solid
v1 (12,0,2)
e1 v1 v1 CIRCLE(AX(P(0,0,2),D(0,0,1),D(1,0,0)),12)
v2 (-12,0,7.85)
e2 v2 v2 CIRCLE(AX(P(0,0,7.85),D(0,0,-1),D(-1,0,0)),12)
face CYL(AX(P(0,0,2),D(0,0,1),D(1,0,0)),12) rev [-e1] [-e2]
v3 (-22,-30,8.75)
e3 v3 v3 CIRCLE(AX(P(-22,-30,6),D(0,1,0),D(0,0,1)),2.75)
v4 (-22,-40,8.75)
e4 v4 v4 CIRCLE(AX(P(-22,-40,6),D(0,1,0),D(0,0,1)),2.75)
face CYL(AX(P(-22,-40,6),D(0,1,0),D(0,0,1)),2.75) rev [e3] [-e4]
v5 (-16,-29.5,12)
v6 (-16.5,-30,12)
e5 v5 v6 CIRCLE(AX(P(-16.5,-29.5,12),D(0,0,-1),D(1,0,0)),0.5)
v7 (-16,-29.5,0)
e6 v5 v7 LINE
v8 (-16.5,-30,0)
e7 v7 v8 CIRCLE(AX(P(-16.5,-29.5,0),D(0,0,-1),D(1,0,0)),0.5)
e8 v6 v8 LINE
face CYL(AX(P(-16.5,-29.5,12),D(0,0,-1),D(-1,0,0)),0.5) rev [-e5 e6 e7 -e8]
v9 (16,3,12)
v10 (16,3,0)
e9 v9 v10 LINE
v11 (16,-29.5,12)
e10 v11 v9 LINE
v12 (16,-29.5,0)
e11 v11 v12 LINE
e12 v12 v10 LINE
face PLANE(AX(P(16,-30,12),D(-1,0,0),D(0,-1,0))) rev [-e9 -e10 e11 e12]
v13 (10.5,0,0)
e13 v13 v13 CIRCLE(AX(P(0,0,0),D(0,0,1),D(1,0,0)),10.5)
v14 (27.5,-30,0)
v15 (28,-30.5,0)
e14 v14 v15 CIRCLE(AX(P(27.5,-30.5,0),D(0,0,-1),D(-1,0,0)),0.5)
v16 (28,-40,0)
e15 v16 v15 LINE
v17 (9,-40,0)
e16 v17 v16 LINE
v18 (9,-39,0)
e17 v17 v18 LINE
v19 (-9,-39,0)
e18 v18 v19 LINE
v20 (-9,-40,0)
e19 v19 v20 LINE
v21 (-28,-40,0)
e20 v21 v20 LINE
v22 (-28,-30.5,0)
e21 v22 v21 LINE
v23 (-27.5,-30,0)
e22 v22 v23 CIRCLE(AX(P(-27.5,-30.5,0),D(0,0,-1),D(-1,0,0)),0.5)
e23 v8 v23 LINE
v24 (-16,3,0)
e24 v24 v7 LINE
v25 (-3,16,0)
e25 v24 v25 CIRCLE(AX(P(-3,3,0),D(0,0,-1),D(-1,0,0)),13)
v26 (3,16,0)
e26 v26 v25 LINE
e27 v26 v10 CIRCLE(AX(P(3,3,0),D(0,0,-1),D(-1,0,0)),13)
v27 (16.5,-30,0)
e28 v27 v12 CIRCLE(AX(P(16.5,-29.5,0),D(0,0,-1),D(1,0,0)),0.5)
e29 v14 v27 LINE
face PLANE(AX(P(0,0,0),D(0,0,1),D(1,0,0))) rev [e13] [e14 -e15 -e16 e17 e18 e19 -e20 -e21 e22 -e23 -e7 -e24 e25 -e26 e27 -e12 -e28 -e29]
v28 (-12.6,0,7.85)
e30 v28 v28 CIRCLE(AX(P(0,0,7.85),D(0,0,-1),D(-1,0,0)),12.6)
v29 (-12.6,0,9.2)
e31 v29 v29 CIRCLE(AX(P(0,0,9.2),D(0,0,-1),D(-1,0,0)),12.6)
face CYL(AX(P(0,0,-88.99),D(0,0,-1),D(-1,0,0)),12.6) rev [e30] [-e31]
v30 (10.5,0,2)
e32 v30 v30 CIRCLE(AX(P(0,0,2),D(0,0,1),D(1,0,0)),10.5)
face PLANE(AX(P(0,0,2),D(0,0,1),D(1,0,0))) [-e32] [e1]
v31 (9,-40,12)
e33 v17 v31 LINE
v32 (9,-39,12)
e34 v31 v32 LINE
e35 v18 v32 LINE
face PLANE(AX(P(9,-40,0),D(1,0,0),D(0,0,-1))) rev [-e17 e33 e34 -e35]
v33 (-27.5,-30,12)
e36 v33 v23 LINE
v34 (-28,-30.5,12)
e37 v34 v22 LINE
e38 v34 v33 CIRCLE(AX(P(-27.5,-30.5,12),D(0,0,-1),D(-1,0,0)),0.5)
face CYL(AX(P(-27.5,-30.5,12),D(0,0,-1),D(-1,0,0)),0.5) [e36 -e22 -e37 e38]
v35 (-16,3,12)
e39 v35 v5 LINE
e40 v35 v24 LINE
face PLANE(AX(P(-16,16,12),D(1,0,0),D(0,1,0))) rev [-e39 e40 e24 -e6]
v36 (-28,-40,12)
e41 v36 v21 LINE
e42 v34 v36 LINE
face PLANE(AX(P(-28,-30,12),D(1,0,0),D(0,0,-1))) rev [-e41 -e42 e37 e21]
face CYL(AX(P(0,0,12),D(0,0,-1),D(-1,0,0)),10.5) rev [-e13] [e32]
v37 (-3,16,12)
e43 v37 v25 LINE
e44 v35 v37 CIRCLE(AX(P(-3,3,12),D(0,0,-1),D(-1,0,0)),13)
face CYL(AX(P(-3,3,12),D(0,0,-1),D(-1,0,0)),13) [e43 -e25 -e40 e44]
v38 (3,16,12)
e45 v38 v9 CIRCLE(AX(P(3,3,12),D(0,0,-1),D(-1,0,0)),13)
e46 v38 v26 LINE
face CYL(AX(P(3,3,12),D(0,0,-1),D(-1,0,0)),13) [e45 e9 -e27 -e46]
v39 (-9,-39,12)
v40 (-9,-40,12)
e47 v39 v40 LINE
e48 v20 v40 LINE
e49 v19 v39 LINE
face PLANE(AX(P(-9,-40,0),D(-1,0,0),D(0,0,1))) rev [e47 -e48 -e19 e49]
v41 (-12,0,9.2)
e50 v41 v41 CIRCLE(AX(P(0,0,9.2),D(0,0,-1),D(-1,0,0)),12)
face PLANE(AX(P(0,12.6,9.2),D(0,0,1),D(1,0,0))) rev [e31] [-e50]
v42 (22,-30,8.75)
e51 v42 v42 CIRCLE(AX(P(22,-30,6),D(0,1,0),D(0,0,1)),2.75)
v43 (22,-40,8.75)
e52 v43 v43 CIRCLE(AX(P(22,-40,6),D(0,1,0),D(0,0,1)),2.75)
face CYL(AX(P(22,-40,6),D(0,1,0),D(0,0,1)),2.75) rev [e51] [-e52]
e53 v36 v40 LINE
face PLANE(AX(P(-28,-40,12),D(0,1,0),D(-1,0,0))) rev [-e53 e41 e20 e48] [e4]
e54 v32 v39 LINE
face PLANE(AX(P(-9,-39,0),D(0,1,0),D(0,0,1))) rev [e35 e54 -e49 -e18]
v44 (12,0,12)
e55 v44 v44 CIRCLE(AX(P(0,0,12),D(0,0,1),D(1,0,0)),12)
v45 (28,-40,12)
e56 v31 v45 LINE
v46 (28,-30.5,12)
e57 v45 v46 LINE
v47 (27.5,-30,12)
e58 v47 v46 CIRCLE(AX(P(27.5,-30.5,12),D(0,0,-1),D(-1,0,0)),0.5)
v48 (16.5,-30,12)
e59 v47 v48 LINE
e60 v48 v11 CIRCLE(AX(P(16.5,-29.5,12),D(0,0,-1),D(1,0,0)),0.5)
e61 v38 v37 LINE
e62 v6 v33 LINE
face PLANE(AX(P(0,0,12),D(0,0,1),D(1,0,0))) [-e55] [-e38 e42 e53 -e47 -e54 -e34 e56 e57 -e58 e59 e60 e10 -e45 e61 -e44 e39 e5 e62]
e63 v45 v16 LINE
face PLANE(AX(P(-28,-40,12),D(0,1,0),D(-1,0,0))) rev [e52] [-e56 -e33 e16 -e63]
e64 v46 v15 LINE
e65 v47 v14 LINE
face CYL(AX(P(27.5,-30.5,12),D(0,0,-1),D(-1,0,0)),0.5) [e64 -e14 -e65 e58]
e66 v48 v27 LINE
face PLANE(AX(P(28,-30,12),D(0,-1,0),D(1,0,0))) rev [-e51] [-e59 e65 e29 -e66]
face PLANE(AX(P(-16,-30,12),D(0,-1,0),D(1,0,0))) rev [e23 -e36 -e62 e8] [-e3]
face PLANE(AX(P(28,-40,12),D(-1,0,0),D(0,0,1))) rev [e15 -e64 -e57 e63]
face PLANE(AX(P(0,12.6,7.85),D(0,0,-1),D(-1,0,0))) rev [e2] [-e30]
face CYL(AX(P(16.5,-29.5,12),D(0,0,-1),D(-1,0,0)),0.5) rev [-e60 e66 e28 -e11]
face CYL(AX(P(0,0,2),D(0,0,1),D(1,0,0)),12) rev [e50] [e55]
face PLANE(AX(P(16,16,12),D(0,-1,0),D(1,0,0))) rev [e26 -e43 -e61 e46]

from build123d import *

# Parameters (mm, degrees)
SKETCH1_R           = 10.5
BOSS_EXTRUDE1_DEPTH = 12
CUT_EXTRUDE1_DEPTH  = 13
BOSS_EXTRUDE2_DEPTH = 12
CUT_EXTRUDE2_DEPTH  = 13
SKETCH5_R           = 2.75
CUT_EXTRUDE3_DEPTH  = 11
SKETCH7_R           = 12
CUT_EXTRUDE4_DEPTH  = 10
SKETCH10_W          = 18
SKETCH10_H          = 1
CUT_EXTRUDE5_DEPTH  = 13
SKETCH11_W          = 1.35
SKETCH11_H          = 0.6


with BuildPart() as part:
    # Sketch1 → Boss-Extrude1 (new body)
    with BuildSketch(Plane.XY):
        Polygon((-28, -40), (28, -40), (28, -30), (16, -30), (16, 16), (-16, 16), (-16, -30), (-28, -30), align=None)
        Circle(SKETCH1_R, mode=Mode.SUBTRACT)
    extrude(amount=BOSS_EXTRUDE1_DEPTH)

    # Sketch2 → Cut-Extrude1 (cut, through all)
    with BuildSketch(Plane.XY):
        with BuildLine():
            Line((3, 16), (16, 16))
            Line((16, 16), (16, 3))
            ThreePointArc((16, 3), (12.192388155, 12.192388155), (3, 16))
        make_face()
        with BuildLine():
            Line((-3, 16), (-16, 16))
            Line((-16, 16), (-16, 3))
            ThreePointArc((-16, 3), (-12.192388155, 12.192388155), (-3, 16))
        make_face()
    extrude(amount=CUT_EXTRUDE1_DEPTH, mode=Mode.SUBTRACT)

    # Sketch3 → Boss-Extrude2 (add, through all)
    with BuildSketch(Plane.XY):
        with BuildLine():
            Line((16, -29.5), (16, -30))
            Line((16, -30), (16.5, -30))
            ThreePointArc((16.5, -30), (16.146446609, -29.853553391), (16, -29.5))
        make_face()
        with BuildLine():
            Line((-16, -29.5), (-16, -30))
            Line((-16, -30), (-16.5, -30))
            ThreePointArc((-16.5, -30), (-16.146446609, -29.853553391), (-16, -29.5))
        make_face()
    extrude(amount=BOSS_EXTRUDE2_DEPTH)

    # Sketch4 → Cut-Extrude2 (cut, through all)
    with BuildSketch(Plane.XY):
        with BuildLine():
            Line((-27.5, -30), (-28, -30))
            Line((-28, -30), (-28, -30.5))
            ThreePointArc((-28, -30.5), (-27.853553391, -30.146446609), (-27.5, -30))
        make_face()
        with BuildLine():
            Line((27.5, -30), (28, -30))
            Line((28, -30), (28, -30.5))
            ThreePointArc((28, -30.5), (27.853553391, -30.146446609), (27.5, -30))
        make_face()
    extrude(amount=CUT_EXTRUDE2_DEPTH, mode=Mode.SUBTRACT)

    # Sketch5 → Cut-Extrude3 (cut, through all)
    with BuildSketch(Plane(origin=(0, -30, 0), x_dir=(1, 0, 0), z_dir=(0, 1, 0))):
        with Locations((-22, -6)):
            Circle(SKETCH5_R)
        with Locations((22, -6)):
            Circle(SKETCH5_R)
    extrude(amount=-CUT_EXTRUDE3_DEPTH, mode=Mode.SUBTRACT)

    # Sketch7 → Cut-Extrude4 (cut)
    with BuildSketch(Plane.XY.offset(12)):
        Circle(SKETCH7_R)
    extrude(amount=-CUT_EXTRUDE4_DEPTH, mode=Mode.SUBTRACT)

    # Sketch10 → Cut-Extrude5 (cut, through all)
    with BuildSketch(Plane.XY.offset(12)):
        with Locations((0, -39.5)):
            Rectangle(SKETCH10_W, SKETCH10_H)
    extrude(amount=-CUT_EXTRUDE5_DEPTH, mode=Mode.SUBTRACT)

    # Sketch11 → Cut-Revolve1 (revolve, cut)
    with BuildSketch(Plane(origin=(0, 0, 0), x_dir=(0, 0, -1), z_dir=(1, 0, 0))):
        with Locations((-8.525, 12.3)):
            Rectangle(SKETCH11_W, SKETCH11_H)
    revolve(axis=Axis((0, 0, -88.99), (0, 0, 1)), mode=Mode.SUBTRACT)


solid = part.part
